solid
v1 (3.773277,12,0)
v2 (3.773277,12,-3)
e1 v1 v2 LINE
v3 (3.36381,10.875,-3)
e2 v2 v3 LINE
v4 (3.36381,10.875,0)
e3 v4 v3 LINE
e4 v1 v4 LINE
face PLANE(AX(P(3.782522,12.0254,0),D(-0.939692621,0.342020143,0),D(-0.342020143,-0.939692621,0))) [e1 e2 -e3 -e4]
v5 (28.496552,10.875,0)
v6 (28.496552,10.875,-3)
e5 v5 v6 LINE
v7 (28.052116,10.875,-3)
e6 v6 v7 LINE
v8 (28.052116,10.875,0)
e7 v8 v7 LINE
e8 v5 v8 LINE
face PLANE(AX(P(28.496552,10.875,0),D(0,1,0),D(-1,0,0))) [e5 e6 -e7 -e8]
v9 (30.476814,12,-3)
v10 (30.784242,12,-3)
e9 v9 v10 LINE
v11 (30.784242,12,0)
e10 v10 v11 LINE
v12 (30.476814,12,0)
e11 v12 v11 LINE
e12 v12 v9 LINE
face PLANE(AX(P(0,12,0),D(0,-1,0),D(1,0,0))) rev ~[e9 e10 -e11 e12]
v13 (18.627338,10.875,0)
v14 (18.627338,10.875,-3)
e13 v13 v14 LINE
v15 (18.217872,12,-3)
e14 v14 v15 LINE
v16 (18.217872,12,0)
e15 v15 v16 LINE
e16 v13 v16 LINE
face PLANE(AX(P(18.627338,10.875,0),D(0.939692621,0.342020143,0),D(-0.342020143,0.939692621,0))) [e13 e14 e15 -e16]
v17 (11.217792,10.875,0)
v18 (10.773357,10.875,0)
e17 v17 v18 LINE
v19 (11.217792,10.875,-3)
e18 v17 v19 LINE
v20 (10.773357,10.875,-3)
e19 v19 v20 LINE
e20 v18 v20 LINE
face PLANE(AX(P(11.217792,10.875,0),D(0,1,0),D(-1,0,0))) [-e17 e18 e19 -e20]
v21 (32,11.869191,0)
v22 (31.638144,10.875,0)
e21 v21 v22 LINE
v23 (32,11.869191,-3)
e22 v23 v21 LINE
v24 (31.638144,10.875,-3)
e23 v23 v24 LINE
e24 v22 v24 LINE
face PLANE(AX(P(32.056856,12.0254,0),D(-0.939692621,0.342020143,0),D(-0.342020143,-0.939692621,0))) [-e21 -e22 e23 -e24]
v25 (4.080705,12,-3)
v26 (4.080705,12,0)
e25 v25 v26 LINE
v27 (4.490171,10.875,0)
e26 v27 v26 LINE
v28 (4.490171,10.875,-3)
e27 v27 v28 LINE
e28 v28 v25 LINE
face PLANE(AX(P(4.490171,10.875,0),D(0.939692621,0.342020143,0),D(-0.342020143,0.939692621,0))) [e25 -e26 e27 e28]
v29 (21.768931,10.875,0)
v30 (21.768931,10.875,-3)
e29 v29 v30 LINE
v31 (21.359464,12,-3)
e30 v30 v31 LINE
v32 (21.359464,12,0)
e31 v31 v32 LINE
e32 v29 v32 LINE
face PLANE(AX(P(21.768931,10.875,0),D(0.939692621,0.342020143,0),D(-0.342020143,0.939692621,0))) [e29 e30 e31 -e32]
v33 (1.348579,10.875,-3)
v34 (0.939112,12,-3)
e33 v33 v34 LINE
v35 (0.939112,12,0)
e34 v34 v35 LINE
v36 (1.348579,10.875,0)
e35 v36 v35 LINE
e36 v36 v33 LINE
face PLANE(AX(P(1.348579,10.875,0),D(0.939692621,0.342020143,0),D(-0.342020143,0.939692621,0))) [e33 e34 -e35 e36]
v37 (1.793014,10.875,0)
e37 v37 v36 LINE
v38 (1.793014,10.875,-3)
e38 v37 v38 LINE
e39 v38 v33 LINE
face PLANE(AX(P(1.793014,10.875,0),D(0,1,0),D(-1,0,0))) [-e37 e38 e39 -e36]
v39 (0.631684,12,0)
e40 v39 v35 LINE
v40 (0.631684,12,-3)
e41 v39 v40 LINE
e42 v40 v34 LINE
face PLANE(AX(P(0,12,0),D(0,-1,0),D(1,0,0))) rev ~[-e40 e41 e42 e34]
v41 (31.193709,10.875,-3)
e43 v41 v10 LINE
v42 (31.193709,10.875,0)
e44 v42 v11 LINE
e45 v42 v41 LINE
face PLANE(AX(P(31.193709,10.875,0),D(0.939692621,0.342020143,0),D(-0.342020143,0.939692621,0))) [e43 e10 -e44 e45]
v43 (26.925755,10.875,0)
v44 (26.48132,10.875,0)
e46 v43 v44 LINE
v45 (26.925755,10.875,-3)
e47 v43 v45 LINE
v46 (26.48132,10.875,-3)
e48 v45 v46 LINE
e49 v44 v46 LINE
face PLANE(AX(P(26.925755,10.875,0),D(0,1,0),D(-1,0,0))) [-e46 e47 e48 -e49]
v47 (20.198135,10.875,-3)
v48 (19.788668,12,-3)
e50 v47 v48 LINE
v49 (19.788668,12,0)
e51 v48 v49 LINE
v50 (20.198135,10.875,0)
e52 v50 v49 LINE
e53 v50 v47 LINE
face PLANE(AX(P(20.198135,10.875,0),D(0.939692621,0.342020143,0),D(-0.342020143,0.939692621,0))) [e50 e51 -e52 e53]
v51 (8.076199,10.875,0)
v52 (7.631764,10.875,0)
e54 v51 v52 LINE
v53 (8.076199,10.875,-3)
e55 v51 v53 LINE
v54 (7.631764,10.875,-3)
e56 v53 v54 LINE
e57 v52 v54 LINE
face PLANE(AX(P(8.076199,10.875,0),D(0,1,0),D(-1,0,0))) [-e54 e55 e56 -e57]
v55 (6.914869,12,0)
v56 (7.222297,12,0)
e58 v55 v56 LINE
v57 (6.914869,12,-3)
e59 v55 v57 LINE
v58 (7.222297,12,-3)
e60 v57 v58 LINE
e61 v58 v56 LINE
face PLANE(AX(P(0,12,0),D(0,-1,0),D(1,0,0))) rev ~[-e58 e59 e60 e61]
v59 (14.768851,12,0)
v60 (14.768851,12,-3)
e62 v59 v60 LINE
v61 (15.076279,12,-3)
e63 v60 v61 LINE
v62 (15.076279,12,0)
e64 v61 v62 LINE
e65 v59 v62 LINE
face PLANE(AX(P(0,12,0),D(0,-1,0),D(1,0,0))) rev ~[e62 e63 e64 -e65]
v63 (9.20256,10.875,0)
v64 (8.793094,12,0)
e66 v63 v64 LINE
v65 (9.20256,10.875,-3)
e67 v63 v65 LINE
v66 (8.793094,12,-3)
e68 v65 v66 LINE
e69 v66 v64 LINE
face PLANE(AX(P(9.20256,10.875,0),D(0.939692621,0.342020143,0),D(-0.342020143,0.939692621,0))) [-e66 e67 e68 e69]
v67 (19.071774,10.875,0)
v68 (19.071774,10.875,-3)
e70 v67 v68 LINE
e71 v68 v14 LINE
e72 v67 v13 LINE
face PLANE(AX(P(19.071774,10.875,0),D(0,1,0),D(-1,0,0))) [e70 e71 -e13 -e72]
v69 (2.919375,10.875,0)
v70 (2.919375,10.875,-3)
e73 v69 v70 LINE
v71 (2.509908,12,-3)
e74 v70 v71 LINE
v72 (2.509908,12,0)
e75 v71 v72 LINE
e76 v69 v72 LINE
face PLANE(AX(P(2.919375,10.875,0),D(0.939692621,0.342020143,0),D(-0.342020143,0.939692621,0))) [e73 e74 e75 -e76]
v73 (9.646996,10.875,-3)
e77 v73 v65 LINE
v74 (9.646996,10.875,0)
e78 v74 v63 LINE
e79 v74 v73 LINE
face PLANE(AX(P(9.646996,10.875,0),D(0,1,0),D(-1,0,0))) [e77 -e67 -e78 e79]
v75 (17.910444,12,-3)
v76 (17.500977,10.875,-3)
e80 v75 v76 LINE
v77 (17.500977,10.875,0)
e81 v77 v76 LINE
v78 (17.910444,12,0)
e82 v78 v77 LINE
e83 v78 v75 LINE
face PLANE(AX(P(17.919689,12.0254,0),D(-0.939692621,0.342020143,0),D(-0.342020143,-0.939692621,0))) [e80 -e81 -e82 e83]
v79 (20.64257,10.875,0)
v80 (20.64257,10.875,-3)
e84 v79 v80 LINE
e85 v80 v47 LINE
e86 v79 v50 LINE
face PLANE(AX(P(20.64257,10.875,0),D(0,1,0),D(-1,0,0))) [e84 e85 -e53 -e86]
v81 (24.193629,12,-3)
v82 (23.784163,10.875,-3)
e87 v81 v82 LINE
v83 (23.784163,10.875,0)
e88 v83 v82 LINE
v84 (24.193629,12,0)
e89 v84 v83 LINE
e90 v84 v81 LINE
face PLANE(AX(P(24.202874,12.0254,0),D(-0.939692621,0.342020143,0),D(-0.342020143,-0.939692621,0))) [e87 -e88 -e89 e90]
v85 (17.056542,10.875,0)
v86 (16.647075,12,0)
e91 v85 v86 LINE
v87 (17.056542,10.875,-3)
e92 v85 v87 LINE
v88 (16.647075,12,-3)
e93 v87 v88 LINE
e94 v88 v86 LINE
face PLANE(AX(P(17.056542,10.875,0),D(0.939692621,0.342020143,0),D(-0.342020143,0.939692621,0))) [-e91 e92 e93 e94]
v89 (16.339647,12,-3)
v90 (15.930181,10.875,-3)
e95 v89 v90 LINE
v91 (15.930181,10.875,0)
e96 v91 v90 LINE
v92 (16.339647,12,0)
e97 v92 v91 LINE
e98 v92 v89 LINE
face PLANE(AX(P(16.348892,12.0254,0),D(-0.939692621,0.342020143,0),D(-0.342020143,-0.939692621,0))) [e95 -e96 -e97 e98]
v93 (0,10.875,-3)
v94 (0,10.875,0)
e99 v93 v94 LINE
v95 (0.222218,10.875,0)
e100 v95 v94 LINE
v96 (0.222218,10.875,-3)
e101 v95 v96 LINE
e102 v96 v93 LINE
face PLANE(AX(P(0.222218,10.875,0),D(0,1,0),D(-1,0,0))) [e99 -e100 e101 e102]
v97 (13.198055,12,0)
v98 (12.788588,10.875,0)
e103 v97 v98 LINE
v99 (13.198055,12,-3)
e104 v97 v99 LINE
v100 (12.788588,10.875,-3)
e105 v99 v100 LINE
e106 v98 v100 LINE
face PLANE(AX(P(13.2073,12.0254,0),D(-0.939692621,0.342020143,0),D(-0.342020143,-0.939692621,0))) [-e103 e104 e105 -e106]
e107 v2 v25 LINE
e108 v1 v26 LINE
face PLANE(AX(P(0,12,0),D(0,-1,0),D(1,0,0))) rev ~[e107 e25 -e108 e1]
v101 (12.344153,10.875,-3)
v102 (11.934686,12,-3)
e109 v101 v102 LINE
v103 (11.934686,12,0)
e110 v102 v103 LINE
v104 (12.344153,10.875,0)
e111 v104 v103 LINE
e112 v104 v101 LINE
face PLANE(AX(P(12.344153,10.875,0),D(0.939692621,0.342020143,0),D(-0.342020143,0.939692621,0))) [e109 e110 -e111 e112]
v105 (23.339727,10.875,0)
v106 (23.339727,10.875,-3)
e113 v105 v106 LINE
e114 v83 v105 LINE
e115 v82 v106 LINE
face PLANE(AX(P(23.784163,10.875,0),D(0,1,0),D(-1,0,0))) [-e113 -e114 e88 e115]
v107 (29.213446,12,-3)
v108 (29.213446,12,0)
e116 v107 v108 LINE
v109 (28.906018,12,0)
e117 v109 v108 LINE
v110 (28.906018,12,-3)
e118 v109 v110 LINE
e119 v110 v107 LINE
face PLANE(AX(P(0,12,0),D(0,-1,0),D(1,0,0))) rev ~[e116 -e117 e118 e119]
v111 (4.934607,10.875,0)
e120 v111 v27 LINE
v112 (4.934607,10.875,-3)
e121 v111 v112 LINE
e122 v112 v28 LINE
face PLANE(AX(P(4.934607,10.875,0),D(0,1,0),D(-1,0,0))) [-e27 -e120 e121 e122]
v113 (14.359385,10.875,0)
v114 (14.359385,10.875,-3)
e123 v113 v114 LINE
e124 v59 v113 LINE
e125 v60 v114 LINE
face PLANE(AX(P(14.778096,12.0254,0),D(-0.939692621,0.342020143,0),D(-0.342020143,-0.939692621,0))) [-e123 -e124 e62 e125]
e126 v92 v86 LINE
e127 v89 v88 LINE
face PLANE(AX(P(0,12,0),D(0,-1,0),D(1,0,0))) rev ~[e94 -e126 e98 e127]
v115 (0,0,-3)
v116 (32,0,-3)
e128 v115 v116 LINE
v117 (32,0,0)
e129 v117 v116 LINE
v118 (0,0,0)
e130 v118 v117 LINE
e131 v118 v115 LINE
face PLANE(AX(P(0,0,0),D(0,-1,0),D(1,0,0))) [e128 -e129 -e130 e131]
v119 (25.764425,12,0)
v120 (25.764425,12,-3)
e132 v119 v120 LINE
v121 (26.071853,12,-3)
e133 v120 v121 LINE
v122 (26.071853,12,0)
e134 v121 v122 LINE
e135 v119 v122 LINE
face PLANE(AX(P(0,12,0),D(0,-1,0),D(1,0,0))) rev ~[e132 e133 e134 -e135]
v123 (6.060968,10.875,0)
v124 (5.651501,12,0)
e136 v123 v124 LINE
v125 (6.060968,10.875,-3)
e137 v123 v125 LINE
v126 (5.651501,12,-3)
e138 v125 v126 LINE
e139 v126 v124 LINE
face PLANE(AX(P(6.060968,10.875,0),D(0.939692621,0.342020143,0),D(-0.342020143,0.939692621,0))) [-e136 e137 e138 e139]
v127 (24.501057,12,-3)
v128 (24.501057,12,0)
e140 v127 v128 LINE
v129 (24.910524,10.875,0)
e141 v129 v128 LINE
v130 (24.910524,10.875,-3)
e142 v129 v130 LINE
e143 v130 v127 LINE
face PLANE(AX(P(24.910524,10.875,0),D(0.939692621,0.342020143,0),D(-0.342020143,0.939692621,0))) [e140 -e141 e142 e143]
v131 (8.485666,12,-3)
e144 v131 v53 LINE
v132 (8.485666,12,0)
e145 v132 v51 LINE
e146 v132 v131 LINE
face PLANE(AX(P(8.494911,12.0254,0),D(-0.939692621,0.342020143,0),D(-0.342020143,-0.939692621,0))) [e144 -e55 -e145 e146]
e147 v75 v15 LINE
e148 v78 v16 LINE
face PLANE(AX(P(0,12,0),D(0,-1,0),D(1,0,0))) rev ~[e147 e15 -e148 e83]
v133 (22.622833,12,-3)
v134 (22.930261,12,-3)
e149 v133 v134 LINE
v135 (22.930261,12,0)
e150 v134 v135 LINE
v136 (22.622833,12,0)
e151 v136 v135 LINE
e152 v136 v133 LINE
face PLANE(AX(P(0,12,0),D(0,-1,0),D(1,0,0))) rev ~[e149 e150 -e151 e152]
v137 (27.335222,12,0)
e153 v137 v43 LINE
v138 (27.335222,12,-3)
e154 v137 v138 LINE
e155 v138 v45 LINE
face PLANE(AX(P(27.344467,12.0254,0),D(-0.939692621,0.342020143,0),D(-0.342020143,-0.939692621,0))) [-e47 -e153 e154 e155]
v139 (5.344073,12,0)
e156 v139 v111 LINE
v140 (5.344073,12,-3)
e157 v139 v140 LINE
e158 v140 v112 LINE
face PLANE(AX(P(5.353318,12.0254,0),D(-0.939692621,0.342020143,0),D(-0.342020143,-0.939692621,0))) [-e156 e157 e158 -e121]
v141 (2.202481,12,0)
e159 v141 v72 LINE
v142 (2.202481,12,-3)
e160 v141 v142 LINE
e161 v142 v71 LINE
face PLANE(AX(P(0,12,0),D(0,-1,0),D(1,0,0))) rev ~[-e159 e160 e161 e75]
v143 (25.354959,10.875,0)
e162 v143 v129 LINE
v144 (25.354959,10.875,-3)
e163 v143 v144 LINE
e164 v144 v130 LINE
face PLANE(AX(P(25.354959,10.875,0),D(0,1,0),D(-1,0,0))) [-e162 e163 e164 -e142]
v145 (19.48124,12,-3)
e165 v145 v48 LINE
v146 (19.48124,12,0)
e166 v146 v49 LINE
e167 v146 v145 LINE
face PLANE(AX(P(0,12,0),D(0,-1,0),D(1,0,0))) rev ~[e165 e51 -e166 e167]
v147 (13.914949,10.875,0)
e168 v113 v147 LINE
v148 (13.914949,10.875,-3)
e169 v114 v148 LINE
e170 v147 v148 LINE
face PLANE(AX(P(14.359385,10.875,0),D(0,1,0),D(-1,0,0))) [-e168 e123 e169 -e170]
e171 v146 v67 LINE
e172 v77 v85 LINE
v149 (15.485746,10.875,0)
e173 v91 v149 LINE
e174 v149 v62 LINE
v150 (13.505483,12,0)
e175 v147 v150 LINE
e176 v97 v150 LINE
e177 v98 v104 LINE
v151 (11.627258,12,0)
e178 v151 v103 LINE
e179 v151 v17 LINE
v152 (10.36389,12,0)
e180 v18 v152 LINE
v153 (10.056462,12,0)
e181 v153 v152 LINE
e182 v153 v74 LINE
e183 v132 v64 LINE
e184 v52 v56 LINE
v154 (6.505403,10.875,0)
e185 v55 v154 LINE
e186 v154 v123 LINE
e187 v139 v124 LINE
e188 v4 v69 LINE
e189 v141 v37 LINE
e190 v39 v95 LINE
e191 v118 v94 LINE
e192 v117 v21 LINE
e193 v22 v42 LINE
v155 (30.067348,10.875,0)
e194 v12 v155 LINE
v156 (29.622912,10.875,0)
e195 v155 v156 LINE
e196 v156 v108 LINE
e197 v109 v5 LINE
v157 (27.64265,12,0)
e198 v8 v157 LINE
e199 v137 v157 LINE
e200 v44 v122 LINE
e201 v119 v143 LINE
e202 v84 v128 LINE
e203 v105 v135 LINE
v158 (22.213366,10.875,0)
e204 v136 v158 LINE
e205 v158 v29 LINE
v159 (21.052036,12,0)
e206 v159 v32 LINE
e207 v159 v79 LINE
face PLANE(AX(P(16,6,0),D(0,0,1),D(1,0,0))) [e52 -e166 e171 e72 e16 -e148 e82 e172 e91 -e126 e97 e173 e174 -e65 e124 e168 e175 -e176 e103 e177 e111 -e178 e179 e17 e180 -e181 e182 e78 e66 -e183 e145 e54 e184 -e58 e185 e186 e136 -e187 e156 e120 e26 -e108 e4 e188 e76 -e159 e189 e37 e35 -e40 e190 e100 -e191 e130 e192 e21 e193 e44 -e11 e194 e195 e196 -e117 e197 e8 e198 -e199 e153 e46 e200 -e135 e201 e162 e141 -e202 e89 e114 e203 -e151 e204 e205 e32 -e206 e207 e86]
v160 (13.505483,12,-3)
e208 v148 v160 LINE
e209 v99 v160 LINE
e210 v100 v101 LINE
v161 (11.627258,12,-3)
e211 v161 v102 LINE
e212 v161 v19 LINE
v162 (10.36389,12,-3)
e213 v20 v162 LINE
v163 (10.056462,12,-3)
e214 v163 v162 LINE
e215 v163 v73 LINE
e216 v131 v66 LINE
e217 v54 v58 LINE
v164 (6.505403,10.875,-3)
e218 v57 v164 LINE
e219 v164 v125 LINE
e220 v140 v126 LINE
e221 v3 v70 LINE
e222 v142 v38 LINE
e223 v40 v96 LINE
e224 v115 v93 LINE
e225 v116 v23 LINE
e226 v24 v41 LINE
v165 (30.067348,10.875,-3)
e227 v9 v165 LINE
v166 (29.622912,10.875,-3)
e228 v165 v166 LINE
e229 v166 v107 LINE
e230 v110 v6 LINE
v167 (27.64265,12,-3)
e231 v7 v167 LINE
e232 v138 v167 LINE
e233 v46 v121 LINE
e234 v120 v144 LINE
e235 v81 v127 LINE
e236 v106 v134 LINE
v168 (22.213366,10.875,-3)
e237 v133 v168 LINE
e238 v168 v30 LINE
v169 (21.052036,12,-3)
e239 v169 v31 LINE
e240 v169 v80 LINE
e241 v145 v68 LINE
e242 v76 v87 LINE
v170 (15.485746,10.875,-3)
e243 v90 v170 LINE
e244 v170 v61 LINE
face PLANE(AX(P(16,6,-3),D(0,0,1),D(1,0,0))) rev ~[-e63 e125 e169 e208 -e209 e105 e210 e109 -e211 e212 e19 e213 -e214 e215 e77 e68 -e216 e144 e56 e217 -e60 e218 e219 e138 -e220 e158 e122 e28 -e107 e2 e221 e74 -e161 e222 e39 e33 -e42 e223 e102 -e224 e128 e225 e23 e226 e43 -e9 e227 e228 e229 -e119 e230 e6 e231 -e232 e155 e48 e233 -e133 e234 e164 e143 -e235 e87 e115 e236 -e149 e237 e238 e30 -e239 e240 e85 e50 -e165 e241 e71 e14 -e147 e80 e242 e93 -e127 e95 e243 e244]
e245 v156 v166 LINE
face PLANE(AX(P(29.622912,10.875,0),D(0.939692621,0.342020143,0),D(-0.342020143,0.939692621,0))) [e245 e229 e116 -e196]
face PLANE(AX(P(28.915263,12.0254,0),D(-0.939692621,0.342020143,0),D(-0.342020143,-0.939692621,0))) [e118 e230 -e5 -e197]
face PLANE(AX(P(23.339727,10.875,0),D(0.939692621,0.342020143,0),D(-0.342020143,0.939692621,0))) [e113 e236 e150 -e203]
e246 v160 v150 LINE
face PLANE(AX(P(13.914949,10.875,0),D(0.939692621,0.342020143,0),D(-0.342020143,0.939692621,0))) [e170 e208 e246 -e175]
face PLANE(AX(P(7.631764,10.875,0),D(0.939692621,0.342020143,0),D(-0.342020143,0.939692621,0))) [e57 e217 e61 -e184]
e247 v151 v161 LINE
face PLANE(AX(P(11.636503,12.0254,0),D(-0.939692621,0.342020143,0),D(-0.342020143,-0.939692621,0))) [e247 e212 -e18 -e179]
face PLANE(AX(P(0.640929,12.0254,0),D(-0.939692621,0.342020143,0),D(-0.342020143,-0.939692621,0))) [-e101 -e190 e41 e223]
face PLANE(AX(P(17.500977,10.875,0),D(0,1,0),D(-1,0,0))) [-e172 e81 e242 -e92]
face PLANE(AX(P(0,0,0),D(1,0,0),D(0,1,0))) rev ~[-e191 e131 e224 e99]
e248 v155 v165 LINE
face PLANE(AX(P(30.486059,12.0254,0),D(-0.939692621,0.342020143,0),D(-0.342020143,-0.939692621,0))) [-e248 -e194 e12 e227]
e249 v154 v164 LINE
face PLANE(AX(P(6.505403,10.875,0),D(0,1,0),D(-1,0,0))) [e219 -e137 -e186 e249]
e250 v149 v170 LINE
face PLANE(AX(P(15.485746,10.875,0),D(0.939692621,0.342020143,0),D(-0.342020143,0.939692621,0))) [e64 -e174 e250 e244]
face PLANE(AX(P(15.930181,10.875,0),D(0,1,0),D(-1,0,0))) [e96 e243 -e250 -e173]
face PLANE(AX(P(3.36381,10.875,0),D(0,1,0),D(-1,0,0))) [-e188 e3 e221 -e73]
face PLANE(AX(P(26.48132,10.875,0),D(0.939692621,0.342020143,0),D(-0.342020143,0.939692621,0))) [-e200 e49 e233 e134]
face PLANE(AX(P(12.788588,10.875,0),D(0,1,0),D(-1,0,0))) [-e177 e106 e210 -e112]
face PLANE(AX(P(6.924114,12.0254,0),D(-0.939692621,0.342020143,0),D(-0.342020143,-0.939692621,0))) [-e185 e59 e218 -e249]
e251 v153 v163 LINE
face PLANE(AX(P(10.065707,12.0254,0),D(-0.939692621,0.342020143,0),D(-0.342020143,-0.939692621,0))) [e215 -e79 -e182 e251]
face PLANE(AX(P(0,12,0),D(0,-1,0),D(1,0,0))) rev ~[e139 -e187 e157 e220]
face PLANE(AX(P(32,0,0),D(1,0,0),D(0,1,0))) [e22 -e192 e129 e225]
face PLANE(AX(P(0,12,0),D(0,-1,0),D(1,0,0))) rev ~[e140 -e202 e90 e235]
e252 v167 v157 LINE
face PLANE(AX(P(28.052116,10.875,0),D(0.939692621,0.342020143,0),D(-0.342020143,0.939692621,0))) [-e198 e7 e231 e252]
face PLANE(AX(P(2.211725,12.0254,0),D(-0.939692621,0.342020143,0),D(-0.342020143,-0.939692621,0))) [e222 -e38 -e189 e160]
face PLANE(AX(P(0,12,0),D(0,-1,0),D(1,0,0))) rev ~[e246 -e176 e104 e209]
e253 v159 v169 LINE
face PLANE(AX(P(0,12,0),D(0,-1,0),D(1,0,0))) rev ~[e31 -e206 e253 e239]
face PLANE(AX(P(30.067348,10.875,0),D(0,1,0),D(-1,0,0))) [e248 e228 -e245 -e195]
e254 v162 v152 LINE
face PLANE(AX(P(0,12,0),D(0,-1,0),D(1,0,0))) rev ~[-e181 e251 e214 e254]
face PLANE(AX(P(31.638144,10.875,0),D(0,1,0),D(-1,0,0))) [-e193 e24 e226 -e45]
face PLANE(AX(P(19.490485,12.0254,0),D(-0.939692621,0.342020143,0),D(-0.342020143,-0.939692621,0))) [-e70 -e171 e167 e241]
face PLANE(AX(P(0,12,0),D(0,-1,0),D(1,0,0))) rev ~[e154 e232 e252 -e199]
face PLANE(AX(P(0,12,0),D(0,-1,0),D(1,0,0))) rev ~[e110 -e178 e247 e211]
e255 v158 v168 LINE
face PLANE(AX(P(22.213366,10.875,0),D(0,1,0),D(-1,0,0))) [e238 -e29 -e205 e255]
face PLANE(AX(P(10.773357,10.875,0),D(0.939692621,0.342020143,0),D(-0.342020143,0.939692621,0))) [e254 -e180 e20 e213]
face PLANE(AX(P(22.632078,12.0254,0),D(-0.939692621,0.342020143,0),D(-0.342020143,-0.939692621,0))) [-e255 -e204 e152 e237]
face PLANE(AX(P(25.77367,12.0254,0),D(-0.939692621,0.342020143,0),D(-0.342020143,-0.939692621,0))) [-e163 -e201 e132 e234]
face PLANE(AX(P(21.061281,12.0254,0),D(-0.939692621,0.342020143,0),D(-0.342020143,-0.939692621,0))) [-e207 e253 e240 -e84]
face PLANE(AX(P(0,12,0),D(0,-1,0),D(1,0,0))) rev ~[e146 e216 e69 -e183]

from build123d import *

# Parameters (mm, degrees)
BLANKSKE_W        = 32
BLANKSKE_H        = 12
BLANK_DEPTH       = 3
TOOTHCUTSIM_DEPTH = 35.307433597
TEETHCUTS_COUNT   = 21
TEETHCUTS_PITCH   = 1.570796325


with BuildPart() as part:
    # BlankSke → Blank (new body)
    with BuildSketch(Plane.XY):
        with Locations((16, 6)):
            Rectangle(BLANKSKE_W, BLANKSKE_H)
    extrude(amount=-BLANK_DEPTH)

    # TooCutSkeSim → ToothCutSim (cut, through all)
    with BuildSketch(Plane.XY):
        Polygon((0.222217685, 10.875), (-0.222217685, 10.875), (-0.640929042, 12.0254), (0.640929042, 12.0254), align=None)
    toothcutsim = extrude(amount=-TOOTHCUTSIM_DEPTH, mode=Mode.SUBTRACT)

    # TeethCuts: ToothCutSim ×21
    with Locations(*[(i * TEETHCUTS_PITCH, 0, 0) for i in range(1, TEETHCUTS_COUNT)]):
        add(toothcutsim, mode=Mode.SUBTRACT)


solid = part.part
